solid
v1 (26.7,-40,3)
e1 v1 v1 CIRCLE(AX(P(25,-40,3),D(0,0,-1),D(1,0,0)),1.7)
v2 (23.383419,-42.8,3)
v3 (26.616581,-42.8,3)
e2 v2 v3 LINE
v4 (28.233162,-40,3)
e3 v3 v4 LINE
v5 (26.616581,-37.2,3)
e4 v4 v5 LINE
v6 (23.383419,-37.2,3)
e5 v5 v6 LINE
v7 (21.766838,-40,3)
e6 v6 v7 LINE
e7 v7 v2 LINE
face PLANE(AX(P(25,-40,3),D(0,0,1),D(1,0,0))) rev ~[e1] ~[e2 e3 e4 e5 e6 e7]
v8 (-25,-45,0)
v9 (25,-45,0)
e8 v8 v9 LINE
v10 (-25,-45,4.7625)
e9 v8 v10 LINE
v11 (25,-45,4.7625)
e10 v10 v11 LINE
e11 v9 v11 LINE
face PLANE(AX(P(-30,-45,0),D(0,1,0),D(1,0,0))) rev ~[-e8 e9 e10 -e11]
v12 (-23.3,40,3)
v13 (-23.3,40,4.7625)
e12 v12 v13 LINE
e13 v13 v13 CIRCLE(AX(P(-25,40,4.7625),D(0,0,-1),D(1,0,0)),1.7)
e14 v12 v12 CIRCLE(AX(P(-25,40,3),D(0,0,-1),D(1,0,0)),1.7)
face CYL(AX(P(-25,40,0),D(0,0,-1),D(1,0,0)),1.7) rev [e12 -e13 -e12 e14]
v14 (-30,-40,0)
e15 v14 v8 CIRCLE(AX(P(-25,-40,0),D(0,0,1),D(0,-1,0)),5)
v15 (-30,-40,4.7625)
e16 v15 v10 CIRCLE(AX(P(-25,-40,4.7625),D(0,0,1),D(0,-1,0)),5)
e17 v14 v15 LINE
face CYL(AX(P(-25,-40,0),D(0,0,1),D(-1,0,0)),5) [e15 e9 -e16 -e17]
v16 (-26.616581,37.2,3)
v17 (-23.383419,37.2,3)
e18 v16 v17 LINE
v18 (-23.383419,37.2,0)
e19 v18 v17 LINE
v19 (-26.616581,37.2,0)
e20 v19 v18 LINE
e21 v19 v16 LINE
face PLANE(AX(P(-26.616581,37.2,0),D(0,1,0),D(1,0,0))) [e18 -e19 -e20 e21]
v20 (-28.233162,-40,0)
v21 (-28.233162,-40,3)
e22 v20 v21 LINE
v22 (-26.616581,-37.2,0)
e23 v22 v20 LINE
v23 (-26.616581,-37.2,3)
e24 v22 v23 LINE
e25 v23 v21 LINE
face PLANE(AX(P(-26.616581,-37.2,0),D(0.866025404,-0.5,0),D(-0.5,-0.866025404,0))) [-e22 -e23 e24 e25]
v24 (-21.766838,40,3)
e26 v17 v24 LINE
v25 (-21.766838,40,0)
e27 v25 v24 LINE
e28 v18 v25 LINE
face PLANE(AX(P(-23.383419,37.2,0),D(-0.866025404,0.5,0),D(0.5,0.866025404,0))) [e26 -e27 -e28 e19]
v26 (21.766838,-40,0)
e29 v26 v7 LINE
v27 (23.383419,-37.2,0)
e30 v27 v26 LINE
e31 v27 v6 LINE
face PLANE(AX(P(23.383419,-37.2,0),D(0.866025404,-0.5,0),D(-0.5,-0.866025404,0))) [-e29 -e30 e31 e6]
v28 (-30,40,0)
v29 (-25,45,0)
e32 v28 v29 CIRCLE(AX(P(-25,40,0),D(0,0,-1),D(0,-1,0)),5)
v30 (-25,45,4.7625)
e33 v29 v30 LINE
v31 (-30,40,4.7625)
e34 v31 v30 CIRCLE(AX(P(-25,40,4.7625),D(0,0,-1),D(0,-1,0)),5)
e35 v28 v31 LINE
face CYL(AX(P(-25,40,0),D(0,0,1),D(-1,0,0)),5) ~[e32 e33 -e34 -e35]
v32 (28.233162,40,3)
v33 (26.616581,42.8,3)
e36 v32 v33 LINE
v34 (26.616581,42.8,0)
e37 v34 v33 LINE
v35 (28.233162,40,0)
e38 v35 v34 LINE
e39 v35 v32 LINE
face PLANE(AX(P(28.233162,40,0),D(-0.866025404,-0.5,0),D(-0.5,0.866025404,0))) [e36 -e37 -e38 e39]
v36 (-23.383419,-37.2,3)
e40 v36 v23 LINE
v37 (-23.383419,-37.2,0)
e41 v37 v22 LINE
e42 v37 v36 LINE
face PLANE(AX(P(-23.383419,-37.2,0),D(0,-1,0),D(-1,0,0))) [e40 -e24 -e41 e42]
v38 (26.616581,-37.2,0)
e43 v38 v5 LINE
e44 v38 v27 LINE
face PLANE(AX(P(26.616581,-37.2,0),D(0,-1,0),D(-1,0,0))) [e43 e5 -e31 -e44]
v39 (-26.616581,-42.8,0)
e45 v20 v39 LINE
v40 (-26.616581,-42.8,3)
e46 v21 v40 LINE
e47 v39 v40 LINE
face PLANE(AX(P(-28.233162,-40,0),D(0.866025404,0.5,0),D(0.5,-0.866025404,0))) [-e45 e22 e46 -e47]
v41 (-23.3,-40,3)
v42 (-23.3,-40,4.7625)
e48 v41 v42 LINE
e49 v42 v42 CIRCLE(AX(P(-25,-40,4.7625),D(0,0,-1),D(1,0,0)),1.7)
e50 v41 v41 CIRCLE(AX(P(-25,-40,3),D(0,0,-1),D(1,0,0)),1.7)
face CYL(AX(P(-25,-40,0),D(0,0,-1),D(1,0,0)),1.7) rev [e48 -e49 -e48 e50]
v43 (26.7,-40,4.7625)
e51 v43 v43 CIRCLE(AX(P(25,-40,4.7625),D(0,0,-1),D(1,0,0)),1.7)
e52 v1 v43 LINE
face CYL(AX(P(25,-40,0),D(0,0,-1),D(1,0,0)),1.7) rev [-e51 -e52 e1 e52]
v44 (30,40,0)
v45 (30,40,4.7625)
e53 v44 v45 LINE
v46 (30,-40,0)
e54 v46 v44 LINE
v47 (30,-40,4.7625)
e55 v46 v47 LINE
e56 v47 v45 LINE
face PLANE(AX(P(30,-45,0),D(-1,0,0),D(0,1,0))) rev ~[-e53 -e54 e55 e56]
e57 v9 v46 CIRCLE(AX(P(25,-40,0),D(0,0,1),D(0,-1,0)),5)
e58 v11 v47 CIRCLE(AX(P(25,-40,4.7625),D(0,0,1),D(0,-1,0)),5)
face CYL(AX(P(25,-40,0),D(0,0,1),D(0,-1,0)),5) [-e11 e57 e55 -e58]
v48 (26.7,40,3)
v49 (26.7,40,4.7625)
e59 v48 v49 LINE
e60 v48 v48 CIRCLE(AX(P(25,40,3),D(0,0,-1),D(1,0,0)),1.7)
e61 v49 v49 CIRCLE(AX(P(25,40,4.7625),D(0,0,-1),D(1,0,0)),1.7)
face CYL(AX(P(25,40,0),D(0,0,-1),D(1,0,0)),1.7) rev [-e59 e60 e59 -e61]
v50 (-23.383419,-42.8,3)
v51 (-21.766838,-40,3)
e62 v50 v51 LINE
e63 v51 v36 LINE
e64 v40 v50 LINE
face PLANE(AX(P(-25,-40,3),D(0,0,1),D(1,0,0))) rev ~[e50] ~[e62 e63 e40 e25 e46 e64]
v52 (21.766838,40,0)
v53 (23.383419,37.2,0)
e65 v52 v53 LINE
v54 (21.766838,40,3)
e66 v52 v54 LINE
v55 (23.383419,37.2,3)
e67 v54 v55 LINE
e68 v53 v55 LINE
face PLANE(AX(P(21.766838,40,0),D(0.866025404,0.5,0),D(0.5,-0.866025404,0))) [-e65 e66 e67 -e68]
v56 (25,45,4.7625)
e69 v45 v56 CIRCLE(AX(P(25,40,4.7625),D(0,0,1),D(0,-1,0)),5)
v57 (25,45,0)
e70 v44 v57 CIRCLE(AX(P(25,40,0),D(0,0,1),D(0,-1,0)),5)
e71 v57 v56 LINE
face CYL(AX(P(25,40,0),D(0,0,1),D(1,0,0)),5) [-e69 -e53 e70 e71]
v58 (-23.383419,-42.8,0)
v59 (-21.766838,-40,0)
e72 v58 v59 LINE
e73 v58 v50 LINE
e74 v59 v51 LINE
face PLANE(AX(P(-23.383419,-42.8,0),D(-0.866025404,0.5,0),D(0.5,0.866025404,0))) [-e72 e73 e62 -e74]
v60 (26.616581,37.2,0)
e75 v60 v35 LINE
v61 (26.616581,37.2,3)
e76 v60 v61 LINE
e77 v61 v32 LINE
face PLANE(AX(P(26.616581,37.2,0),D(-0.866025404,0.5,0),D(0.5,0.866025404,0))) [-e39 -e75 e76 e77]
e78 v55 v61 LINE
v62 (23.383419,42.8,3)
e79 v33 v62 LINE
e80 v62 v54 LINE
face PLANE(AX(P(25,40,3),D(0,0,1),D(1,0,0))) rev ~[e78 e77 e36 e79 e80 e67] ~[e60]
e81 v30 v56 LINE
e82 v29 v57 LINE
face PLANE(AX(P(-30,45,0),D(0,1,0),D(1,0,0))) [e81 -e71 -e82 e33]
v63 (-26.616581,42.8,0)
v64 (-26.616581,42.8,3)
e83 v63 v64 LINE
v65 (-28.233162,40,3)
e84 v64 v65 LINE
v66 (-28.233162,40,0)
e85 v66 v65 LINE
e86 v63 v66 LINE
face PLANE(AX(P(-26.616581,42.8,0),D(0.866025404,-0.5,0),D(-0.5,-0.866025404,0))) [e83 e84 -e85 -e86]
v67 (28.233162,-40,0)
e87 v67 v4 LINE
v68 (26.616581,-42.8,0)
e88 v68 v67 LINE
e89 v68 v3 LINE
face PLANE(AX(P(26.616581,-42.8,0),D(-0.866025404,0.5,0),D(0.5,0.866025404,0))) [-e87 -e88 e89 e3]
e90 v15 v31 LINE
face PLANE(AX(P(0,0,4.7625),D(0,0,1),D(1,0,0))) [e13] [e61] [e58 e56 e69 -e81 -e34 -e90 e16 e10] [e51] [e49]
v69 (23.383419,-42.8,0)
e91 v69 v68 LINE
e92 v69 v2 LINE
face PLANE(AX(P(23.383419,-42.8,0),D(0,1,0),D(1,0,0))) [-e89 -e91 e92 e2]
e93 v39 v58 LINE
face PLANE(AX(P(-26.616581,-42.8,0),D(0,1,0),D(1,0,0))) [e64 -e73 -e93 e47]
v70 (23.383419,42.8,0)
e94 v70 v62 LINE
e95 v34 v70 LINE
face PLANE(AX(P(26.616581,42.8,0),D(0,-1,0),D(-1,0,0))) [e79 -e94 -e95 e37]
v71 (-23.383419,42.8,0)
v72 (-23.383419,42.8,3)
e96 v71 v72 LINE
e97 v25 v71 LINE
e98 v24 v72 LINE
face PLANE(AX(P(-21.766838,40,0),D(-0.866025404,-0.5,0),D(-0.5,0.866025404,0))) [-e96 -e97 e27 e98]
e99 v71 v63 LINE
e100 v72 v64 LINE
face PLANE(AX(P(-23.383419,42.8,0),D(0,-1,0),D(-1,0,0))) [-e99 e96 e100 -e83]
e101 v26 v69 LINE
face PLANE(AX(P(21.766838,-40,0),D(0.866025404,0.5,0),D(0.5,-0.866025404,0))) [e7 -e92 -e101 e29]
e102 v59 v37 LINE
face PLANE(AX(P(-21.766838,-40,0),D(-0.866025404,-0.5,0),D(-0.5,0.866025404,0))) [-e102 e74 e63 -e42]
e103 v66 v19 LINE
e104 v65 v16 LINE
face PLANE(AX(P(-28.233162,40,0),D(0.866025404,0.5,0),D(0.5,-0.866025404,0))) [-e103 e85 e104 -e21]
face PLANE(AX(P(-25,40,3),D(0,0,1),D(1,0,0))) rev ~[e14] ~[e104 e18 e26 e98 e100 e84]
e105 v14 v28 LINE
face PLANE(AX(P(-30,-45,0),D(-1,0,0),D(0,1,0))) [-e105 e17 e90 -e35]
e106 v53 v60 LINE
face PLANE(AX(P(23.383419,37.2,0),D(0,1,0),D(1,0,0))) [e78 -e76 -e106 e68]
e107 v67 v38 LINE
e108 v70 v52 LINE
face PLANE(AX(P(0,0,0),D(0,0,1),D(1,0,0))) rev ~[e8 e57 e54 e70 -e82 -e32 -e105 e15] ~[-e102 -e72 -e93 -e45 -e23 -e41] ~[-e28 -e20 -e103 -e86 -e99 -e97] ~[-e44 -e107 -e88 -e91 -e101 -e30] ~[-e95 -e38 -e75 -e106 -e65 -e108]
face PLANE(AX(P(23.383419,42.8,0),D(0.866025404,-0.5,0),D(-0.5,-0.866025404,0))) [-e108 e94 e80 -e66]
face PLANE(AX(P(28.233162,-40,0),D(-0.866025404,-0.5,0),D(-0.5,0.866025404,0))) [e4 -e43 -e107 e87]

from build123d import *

# Parameters (mm, degrees)
SKETCH1_W           = 60
SKETCH1_H           = 90
BOSS_EXTRUDE1_DEPTH = 4.7625
FILLET1_R           = 5
SKETCH2_R           = 1.7
CUT_EXTRUDE1_DEPTH  = 5
CUT_EXTRUDE2_DEPTH  = 3


with BuildPart() as part:
    # Sketch1 → Boss-Extrude1 (new body)
    with BuildSketch(Plane.XY):
        Rectangle(SKETCH1_W, SKETCH1_H)
    extrude(amount=BOSS_EXTRUDE1_DEPTH)

    # Fillet1
    fillet1_edges = [part.edges().sort_by_distance(p)[0] for p in [
        (-30, 45, 2.38125),
        (30, 45, 2.38125),
        (30, -45, 2.38125),
        (-30, -45, 2.38125),
    ]]
    fillet(fillet1_edges, radius=FILLET1_R)

    # Sketch2 → Cut-Extrude1 (cut)
    with BuildSketch(Plane.XY):
        with Locations((-25, 40)):
            Circle(SKETCH2_R)
        with Locations((25, 40)):
            Circle(SKETCH2_R)
        with Locations((25, -40)):
            Circle(SKETCH2_R)
        with Locations((-25, -40)):
            Circle(SKETCH2_R)
    extrude(amount=CUT_EXTRUDE1_DEPTH, mode=Mode.SUBTRACT)

    # Sketch3 → Cut-Extrude2 (cut)
    with BuildSketch(Plane.XY):
        Polygon((-23.383419246, 37.2), (-21.766838493, 40), (-23.383419246, 42.8), (-26.616580754, 42.8), (-28.233161507, 40), (-26.616580754, 37.2), align=None)
        Polygon((26.616580754, 37.2), (28.233161507, 40), (26.616580754, 42.8), (23.383419246, 42.8), (21.766838493, 40), (23.383419246, 37.2), align=None)
        Polygon((26.616580754, -42.8), (28.233161507, -40), (26.616580754, -37.2), (23.383419246, -37.2), (21.766838493, -40), (23.383419246, -42.8), align=None)
        Polygon((-23.383419246, -42.8), (-21.766838493, -40), (-23.383419246, -37.2), (-26.616580754, -37.2), (-28.233161507, -40), (-26.616580754, -42.8), align=None)
    extrude(amount=CUT_EXTRUDE2_DEPTH, mode=Mode.SUBTRACT)


solid = part.part
